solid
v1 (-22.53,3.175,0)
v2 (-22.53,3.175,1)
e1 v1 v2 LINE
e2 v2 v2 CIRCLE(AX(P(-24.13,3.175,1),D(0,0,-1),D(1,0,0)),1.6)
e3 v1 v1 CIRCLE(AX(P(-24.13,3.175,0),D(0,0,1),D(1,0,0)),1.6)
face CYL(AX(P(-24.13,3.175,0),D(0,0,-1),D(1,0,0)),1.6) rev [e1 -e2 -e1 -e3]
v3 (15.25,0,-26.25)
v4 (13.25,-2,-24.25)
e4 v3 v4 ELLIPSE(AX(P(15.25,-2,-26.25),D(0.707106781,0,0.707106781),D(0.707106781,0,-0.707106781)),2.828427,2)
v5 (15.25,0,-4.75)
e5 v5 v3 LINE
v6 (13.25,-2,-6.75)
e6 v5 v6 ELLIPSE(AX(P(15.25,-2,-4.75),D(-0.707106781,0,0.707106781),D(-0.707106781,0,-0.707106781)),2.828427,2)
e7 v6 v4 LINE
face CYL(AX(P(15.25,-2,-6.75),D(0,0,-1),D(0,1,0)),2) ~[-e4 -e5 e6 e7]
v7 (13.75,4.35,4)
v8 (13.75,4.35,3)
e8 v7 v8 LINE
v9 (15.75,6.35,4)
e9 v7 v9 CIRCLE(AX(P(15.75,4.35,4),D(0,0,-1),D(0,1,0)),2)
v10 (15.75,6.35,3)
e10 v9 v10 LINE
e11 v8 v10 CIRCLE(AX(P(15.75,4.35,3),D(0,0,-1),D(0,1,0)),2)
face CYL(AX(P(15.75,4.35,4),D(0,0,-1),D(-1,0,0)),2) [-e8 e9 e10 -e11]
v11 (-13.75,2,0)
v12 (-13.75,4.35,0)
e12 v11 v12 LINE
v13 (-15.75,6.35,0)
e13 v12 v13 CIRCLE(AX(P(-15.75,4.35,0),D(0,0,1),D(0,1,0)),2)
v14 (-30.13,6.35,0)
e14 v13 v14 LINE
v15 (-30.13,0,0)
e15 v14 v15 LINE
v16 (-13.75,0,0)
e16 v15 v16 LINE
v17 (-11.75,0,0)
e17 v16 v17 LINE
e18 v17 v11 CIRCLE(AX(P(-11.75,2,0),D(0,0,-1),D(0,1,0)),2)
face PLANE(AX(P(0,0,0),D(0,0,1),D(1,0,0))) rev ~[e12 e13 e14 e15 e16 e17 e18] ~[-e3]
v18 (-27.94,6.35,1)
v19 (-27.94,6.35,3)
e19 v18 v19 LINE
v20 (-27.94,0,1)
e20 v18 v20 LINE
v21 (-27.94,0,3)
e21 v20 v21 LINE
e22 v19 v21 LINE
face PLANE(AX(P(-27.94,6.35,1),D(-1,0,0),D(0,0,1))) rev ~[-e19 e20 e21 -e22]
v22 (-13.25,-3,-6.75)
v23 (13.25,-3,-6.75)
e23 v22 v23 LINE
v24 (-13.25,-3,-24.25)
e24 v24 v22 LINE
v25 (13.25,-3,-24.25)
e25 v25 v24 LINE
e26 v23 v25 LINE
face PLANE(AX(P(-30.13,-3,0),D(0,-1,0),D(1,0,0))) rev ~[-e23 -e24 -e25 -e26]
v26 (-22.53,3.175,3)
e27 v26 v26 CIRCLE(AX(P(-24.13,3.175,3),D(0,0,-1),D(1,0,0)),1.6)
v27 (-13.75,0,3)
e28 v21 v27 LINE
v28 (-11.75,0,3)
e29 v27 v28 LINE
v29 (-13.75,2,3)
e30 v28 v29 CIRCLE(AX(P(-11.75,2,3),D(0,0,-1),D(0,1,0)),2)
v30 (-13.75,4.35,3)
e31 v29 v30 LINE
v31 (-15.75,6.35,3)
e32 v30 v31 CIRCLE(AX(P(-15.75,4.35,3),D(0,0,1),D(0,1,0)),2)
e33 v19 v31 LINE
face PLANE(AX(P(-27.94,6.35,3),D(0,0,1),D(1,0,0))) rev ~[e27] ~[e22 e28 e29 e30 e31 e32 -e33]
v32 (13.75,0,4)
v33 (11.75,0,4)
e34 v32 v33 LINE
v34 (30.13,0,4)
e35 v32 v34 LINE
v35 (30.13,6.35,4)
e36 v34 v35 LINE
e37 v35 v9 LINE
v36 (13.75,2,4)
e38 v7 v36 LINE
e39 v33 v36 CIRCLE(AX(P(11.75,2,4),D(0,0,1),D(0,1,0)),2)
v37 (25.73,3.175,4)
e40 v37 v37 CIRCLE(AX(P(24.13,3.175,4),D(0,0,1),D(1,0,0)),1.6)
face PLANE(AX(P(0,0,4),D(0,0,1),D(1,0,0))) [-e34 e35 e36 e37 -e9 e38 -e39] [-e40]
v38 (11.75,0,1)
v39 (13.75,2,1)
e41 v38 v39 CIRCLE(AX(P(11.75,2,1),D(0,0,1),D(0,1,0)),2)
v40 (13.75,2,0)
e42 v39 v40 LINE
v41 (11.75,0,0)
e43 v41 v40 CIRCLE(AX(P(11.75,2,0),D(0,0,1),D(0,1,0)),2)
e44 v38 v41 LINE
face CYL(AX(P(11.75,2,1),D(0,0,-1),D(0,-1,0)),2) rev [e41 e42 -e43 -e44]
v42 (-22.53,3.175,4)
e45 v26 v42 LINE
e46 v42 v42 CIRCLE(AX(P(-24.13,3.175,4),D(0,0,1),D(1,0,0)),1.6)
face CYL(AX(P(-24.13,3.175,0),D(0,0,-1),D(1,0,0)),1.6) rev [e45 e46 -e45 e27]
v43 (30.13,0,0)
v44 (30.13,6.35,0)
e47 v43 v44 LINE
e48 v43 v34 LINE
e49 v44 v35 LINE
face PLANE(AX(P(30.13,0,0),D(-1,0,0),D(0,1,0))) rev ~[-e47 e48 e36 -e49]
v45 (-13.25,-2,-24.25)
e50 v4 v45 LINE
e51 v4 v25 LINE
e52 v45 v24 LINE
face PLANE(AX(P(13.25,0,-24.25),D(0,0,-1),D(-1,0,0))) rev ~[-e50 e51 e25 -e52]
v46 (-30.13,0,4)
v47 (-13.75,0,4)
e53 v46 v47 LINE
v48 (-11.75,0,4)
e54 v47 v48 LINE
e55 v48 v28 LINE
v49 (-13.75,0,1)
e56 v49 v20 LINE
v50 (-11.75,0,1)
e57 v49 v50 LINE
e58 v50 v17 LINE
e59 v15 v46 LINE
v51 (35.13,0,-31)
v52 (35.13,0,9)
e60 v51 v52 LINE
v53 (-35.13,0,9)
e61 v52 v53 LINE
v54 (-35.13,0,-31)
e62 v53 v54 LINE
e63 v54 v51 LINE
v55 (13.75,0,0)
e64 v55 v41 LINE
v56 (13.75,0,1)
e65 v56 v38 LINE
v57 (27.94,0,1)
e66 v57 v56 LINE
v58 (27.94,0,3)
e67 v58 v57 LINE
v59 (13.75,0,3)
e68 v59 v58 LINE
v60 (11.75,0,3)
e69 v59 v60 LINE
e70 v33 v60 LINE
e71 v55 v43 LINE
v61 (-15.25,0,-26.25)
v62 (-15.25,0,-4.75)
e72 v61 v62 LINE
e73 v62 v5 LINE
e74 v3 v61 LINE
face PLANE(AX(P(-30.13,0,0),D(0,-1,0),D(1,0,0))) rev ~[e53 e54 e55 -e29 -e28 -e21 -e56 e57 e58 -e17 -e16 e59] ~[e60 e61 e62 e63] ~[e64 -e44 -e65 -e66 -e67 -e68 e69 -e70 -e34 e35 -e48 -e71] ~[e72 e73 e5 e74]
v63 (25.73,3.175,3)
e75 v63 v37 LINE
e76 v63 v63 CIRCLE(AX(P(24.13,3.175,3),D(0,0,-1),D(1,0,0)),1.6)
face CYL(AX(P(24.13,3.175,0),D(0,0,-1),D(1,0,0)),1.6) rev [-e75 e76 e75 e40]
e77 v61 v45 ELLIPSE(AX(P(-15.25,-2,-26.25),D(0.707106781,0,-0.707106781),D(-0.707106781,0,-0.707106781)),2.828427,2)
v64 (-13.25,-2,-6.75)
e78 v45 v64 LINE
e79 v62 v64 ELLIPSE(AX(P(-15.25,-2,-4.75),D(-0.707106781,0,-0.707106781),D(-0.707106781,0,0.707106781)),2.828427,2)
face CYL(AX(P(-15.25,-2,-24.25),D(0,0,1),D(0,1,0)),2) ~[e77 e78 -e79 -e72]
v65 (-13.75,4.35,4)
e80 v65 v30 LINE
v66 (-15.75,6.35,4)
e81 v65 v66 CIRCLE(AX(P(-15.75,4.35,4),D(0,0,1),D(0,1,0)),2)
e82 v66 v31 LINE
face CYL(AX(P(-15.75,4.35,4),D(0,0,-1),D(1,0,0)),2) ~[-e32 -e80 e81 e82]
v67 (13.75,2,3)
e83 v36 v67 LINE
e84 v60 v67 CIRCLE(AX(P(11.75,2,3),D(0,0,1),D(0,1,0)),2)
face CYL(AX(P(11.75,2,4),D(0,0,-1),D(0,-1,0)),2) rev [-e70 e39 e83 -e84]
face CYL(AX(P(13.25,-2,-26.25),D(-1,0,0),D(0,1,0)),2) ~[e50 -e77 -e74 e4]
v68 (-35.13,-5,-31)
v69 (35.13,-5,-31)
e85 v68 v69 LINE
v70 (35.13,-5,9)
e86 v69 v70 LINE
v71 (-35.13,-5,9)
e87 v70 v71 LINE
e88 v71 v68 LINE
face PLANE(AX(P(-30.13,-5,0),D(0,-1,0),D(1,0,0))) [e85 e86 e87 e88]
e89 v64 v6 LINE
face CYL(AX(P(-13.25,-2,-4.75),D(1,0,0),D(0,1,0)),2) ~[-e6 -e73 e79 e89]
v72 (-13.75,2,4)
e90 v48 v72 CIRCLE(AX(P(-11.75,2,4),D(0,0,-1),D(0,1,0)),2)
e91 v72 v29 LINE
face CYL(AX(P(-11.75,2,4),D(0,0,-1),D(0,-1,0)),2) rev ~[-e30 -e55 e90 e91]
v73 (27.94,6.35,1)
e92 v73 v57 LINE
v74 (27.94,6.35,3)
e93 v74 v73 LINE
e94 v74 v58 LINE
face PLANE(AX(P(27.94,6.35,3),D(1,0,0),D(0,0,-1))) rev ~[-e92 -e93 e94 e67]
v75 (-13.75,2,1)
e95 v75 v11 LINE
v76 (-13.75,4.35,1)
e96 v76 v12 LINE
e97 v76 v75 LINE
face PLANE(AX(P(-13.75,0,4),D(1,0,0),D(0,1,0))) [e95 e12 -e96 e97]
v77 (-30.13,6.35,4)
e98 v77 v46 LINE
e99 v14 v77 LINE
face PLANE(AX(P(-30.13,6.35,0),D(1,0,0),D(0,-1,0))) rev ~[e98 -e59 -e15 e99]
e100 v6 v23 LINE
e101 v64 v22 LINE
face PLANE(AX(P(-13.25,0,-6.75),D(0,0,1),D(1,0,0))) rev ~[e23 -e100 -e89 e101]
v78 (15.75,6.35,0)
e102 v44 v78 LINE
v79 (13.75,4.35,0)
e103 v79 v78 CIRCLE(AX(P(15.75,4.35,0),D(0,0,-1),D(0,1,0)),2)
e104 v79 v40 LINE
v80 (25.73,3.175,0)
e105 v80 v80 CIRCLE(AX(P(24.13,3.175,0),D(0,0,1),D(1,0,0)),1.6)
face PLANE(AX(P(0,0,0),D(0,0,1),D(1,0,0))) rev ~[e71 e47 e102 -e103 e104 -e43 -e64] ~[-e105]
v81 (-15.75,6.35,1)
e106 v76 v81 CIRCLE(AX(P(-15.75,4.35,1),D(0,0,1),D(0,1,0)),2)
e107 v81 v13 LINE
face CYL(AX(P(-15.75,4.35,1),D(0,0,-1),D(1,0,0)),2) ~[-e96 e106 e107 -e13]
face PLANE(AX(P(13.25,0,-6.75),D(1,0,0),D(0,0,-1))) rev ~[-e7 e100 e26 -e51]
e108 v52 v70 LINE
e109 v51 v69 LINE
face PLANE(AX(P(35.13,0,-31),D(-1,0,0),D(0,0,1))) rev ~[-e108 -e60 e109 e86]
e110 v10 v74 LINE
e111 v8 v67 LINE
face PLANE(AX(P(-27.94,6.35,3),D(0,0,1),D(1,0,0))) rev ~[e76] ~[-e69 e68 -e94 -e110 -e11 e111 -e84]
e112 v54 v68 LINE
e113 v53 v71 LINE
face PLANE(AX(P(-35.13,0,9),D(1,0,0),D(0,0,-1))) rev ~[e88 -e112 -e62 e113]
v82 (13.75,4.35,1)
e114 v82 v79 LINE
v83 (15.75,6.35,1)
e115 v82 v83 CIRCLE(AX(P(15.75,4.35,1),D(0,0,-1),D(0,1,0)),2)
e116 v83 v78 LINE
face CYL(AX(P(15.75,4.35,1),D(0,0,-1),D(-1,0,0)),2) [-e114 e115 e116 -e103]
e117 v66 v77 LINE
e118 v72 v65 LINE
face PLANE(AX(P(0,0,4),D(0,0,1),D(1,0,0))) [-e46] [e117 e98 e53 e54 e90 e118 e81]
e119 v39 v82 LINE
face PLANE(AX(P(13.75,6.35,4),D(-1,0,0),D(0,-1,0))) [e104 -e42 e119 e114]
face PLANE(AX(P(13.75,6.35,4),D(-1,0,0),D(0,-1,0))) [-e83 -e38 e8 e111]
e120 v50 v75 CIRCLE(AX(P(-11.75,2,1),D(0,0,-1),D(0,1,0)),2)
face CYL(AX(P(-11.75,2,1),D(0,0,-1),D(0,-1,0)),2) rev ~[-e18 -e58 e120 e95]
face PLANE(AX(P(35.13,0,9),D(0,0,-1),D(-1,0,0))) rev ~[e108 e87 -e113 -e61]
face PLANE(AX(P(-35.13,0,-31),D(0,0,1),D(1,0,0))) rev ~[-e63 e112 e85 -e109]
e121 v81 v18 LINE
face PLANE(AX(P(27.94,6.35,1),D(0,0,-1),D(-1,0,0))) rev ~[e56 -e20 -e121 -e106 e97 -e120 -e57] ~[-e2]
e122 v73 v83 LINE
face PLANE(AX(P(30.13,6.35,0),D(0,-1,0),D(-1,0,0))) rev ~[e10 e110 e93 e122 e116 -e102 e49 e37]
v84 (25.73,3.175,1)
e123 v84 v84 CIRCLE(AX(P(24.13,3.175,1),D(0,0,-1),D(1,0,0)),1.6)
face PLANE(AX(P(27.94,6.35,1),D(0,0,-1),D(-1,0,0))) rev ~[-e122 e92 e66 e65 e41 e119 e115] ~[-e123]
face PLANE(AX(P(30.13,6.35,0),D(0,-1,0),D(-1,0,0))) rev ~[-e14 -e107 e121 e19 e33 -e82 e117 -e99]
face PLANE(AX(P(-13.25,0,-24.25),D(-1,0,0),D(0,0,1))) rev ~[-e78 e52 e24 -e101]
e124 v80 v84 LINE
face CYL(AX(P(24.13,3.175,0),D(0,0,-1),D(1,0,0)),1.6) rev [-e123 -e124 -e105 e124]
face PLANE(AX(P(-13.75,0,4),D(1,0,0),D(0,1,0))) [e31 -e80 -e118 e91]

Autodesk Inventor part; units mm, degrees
ref_plane "YZ Plane" through (0, 0, 0) normal (1, 0, 0) x (0, 1, 0)
ref_plane "XZ Plane" through (0, 0, 0) normal (0, 1, 0) x (-1, 0, 0)
ref_plane "XY Plane" through (0, 0, 0) normal (0, 0, 1) x (1, 0, 0)
sketch "Sketch1" plane through (0, 0, 0) normal (0, 0, 1) x (1, 0, 0)
  circle A0 centre (-24.13, 3.175) radius 1.6
  circle A1 centre (24.13, 3.175) radius 1.6
  line L0 (-30.13, 0) -> (30.13, 0)
  line L1 (30.13, 0) -> (30.13, 6.35)
  line L2 (30.13, 6.35) -> (-30.13, 6.35)
  line L3 (-30.13, 6.35) -> (-30.13, 0)
  line L4 (24.13, 3.175) -> (-24.13, 3.175) construction
  line L5 (-24.13, 3.175) -> (0, 0) construction
  line L6 (0, 0) -> (24.13, 3.175) construction
  line L7 (-30.13, 0) -> (-24.13, 3.175) construction
  line L8 (-30.13, 6.35) -> (-24.13, 3.175) construction
  line L9 (24.13, 3.175) -> (30.13, 6.35) construction
  dimension "d0" = 3.2
  dimension "d1" = 48.26
  dimension "d2" = 6
  dimension "d22" = 6.35
extrude "Extrusion1" add sketch "Sketch1" along normal blind 4
sketch "Sketch2" plane through (-30.13, 6.35, 0) normal (0, 1, 0) x (1, 0, 0)
  line L0 (2.19, -3) -> (58.07, -3)
  line L1 (58.07, -3) -> (58.07, -1)
  line L2 (58.07, -1) -> (2.19, -1)
  line L3 (2.19, -1) -> (2.19, -3)
  line L4 (58.07, -1) -> (60.26, 0) construction
  line L5 (0, -4) -> (60.26, -4) construction
  line L6 (58.07, -3) -> (60.26, -4) construction
  line L7 (0, -4) -> (2.19, -3) construction
  point P0 (30.13, 0)
  dimension "d6" = 55.88
  dimension "d7" = 2
extrude "Extrusion2" cut sketch "Sketch2" against normal blind 6.35
sketch "Sketch4" plane through (0, 0, 4) normal (0, 0, 1) x (1, 0, 0)
  line L0 (30.13, 6.35) -> (-30.13, 6.35) projected
  line L1 (-30.13, 0) -> (30.13, 0) projected
  line L2 (-13.75, 6.35) -> (13.75, 6.35)
  line L3 (13.75, 6.35) -> (13.75, 0)
  line L4 (13.75, 0) -> (-13.75, 0)
  line L5 (-13.75, 0) -> (-13.75, 6.35)
  line L6 (13.75, 6.35) -> (0, 0) construction
  line L7 (-13.75, 6.35) -> (0, 0) construction
  dimension "d18" = 27.5
extrude "Extrusion4" cut sketch "Sketch4" against normal through all
sketch "Sketch3" plane through (-30.13, 0, 0) normal (0, -1, 0) x (1, 0, 0)
  line L0 (65.26, 9) -> (-5, 9)
  line L1 (-5, 9) -> (-5, -31)
  line L2 (-5, -31) -> (65.26, -31)
  line L3 (65.26, -31) -> (65.26, 9)
  line L4 (0, 4) -> (60.26, 4) construction
  line L5 (0, 4) -> (-5, 9) construction
  line L6 (60.26, 4) -> (65.26, 9) construction
  line L7 (16.88, -6.75) -> (43.38, -6.75)
  line L8 (43.38, -6.75) -> (43.38, -24.25)
  line L9 (43.38, -24.25) -> (16.88, -24.25)
  line L10 (16.88, -24.25) -> (16.88, -6.75)
  line L11 (43.38, -6.75) -> (60.26, 0) construction
  line L12 (43.38, -24.25) -> (65.26, -31) construction
  line L13 (16.88, -6.75) -> (0, 0) construction
  line L14 (16.88, -24.25) -> (-5, -31) construction
  line L15 (16.88, -6.75) -> (16.88, 0) construction
  line L16 (16.88, -24.25) -> (16.88, -31) construction
  line L17 (16.38, 0) -> (0, 0) construction
  point P0 (30.13, 0)
  dimension "d12" = 5
  dimension "d13" = 5
  dimension "d14" = 40
  dimension "d23" = 17.5
  dimension "d24" = 26.5
extrude "Extrusion3" add sketch "Sketch3" along normal blind 5 contours L3 L2 L1 L0 | L7 L8 L9 L10
extrude "Extrusion5" cut sketch "Sketch3" along normal blind 3 contours L7 L8 L9 L10
fillet "Fillet1" radius 2 12 edges at (-13.75, 6.35, 3.5) (-13.75, 6.35, 0.5) (-13.75, 0, 0.5) (-13.75, 0, 3.5) (13.75, 0, 3.5) (13.75, 0, 0.5) (13.75, 6.35, 3.5) (13.75, 6.35, 0.5) (13.25, 0, -15.5) (0, 0, -24.25) (-13.25, 0, -15.5) (0, 0, -6.75)
properties part number "Holder"
